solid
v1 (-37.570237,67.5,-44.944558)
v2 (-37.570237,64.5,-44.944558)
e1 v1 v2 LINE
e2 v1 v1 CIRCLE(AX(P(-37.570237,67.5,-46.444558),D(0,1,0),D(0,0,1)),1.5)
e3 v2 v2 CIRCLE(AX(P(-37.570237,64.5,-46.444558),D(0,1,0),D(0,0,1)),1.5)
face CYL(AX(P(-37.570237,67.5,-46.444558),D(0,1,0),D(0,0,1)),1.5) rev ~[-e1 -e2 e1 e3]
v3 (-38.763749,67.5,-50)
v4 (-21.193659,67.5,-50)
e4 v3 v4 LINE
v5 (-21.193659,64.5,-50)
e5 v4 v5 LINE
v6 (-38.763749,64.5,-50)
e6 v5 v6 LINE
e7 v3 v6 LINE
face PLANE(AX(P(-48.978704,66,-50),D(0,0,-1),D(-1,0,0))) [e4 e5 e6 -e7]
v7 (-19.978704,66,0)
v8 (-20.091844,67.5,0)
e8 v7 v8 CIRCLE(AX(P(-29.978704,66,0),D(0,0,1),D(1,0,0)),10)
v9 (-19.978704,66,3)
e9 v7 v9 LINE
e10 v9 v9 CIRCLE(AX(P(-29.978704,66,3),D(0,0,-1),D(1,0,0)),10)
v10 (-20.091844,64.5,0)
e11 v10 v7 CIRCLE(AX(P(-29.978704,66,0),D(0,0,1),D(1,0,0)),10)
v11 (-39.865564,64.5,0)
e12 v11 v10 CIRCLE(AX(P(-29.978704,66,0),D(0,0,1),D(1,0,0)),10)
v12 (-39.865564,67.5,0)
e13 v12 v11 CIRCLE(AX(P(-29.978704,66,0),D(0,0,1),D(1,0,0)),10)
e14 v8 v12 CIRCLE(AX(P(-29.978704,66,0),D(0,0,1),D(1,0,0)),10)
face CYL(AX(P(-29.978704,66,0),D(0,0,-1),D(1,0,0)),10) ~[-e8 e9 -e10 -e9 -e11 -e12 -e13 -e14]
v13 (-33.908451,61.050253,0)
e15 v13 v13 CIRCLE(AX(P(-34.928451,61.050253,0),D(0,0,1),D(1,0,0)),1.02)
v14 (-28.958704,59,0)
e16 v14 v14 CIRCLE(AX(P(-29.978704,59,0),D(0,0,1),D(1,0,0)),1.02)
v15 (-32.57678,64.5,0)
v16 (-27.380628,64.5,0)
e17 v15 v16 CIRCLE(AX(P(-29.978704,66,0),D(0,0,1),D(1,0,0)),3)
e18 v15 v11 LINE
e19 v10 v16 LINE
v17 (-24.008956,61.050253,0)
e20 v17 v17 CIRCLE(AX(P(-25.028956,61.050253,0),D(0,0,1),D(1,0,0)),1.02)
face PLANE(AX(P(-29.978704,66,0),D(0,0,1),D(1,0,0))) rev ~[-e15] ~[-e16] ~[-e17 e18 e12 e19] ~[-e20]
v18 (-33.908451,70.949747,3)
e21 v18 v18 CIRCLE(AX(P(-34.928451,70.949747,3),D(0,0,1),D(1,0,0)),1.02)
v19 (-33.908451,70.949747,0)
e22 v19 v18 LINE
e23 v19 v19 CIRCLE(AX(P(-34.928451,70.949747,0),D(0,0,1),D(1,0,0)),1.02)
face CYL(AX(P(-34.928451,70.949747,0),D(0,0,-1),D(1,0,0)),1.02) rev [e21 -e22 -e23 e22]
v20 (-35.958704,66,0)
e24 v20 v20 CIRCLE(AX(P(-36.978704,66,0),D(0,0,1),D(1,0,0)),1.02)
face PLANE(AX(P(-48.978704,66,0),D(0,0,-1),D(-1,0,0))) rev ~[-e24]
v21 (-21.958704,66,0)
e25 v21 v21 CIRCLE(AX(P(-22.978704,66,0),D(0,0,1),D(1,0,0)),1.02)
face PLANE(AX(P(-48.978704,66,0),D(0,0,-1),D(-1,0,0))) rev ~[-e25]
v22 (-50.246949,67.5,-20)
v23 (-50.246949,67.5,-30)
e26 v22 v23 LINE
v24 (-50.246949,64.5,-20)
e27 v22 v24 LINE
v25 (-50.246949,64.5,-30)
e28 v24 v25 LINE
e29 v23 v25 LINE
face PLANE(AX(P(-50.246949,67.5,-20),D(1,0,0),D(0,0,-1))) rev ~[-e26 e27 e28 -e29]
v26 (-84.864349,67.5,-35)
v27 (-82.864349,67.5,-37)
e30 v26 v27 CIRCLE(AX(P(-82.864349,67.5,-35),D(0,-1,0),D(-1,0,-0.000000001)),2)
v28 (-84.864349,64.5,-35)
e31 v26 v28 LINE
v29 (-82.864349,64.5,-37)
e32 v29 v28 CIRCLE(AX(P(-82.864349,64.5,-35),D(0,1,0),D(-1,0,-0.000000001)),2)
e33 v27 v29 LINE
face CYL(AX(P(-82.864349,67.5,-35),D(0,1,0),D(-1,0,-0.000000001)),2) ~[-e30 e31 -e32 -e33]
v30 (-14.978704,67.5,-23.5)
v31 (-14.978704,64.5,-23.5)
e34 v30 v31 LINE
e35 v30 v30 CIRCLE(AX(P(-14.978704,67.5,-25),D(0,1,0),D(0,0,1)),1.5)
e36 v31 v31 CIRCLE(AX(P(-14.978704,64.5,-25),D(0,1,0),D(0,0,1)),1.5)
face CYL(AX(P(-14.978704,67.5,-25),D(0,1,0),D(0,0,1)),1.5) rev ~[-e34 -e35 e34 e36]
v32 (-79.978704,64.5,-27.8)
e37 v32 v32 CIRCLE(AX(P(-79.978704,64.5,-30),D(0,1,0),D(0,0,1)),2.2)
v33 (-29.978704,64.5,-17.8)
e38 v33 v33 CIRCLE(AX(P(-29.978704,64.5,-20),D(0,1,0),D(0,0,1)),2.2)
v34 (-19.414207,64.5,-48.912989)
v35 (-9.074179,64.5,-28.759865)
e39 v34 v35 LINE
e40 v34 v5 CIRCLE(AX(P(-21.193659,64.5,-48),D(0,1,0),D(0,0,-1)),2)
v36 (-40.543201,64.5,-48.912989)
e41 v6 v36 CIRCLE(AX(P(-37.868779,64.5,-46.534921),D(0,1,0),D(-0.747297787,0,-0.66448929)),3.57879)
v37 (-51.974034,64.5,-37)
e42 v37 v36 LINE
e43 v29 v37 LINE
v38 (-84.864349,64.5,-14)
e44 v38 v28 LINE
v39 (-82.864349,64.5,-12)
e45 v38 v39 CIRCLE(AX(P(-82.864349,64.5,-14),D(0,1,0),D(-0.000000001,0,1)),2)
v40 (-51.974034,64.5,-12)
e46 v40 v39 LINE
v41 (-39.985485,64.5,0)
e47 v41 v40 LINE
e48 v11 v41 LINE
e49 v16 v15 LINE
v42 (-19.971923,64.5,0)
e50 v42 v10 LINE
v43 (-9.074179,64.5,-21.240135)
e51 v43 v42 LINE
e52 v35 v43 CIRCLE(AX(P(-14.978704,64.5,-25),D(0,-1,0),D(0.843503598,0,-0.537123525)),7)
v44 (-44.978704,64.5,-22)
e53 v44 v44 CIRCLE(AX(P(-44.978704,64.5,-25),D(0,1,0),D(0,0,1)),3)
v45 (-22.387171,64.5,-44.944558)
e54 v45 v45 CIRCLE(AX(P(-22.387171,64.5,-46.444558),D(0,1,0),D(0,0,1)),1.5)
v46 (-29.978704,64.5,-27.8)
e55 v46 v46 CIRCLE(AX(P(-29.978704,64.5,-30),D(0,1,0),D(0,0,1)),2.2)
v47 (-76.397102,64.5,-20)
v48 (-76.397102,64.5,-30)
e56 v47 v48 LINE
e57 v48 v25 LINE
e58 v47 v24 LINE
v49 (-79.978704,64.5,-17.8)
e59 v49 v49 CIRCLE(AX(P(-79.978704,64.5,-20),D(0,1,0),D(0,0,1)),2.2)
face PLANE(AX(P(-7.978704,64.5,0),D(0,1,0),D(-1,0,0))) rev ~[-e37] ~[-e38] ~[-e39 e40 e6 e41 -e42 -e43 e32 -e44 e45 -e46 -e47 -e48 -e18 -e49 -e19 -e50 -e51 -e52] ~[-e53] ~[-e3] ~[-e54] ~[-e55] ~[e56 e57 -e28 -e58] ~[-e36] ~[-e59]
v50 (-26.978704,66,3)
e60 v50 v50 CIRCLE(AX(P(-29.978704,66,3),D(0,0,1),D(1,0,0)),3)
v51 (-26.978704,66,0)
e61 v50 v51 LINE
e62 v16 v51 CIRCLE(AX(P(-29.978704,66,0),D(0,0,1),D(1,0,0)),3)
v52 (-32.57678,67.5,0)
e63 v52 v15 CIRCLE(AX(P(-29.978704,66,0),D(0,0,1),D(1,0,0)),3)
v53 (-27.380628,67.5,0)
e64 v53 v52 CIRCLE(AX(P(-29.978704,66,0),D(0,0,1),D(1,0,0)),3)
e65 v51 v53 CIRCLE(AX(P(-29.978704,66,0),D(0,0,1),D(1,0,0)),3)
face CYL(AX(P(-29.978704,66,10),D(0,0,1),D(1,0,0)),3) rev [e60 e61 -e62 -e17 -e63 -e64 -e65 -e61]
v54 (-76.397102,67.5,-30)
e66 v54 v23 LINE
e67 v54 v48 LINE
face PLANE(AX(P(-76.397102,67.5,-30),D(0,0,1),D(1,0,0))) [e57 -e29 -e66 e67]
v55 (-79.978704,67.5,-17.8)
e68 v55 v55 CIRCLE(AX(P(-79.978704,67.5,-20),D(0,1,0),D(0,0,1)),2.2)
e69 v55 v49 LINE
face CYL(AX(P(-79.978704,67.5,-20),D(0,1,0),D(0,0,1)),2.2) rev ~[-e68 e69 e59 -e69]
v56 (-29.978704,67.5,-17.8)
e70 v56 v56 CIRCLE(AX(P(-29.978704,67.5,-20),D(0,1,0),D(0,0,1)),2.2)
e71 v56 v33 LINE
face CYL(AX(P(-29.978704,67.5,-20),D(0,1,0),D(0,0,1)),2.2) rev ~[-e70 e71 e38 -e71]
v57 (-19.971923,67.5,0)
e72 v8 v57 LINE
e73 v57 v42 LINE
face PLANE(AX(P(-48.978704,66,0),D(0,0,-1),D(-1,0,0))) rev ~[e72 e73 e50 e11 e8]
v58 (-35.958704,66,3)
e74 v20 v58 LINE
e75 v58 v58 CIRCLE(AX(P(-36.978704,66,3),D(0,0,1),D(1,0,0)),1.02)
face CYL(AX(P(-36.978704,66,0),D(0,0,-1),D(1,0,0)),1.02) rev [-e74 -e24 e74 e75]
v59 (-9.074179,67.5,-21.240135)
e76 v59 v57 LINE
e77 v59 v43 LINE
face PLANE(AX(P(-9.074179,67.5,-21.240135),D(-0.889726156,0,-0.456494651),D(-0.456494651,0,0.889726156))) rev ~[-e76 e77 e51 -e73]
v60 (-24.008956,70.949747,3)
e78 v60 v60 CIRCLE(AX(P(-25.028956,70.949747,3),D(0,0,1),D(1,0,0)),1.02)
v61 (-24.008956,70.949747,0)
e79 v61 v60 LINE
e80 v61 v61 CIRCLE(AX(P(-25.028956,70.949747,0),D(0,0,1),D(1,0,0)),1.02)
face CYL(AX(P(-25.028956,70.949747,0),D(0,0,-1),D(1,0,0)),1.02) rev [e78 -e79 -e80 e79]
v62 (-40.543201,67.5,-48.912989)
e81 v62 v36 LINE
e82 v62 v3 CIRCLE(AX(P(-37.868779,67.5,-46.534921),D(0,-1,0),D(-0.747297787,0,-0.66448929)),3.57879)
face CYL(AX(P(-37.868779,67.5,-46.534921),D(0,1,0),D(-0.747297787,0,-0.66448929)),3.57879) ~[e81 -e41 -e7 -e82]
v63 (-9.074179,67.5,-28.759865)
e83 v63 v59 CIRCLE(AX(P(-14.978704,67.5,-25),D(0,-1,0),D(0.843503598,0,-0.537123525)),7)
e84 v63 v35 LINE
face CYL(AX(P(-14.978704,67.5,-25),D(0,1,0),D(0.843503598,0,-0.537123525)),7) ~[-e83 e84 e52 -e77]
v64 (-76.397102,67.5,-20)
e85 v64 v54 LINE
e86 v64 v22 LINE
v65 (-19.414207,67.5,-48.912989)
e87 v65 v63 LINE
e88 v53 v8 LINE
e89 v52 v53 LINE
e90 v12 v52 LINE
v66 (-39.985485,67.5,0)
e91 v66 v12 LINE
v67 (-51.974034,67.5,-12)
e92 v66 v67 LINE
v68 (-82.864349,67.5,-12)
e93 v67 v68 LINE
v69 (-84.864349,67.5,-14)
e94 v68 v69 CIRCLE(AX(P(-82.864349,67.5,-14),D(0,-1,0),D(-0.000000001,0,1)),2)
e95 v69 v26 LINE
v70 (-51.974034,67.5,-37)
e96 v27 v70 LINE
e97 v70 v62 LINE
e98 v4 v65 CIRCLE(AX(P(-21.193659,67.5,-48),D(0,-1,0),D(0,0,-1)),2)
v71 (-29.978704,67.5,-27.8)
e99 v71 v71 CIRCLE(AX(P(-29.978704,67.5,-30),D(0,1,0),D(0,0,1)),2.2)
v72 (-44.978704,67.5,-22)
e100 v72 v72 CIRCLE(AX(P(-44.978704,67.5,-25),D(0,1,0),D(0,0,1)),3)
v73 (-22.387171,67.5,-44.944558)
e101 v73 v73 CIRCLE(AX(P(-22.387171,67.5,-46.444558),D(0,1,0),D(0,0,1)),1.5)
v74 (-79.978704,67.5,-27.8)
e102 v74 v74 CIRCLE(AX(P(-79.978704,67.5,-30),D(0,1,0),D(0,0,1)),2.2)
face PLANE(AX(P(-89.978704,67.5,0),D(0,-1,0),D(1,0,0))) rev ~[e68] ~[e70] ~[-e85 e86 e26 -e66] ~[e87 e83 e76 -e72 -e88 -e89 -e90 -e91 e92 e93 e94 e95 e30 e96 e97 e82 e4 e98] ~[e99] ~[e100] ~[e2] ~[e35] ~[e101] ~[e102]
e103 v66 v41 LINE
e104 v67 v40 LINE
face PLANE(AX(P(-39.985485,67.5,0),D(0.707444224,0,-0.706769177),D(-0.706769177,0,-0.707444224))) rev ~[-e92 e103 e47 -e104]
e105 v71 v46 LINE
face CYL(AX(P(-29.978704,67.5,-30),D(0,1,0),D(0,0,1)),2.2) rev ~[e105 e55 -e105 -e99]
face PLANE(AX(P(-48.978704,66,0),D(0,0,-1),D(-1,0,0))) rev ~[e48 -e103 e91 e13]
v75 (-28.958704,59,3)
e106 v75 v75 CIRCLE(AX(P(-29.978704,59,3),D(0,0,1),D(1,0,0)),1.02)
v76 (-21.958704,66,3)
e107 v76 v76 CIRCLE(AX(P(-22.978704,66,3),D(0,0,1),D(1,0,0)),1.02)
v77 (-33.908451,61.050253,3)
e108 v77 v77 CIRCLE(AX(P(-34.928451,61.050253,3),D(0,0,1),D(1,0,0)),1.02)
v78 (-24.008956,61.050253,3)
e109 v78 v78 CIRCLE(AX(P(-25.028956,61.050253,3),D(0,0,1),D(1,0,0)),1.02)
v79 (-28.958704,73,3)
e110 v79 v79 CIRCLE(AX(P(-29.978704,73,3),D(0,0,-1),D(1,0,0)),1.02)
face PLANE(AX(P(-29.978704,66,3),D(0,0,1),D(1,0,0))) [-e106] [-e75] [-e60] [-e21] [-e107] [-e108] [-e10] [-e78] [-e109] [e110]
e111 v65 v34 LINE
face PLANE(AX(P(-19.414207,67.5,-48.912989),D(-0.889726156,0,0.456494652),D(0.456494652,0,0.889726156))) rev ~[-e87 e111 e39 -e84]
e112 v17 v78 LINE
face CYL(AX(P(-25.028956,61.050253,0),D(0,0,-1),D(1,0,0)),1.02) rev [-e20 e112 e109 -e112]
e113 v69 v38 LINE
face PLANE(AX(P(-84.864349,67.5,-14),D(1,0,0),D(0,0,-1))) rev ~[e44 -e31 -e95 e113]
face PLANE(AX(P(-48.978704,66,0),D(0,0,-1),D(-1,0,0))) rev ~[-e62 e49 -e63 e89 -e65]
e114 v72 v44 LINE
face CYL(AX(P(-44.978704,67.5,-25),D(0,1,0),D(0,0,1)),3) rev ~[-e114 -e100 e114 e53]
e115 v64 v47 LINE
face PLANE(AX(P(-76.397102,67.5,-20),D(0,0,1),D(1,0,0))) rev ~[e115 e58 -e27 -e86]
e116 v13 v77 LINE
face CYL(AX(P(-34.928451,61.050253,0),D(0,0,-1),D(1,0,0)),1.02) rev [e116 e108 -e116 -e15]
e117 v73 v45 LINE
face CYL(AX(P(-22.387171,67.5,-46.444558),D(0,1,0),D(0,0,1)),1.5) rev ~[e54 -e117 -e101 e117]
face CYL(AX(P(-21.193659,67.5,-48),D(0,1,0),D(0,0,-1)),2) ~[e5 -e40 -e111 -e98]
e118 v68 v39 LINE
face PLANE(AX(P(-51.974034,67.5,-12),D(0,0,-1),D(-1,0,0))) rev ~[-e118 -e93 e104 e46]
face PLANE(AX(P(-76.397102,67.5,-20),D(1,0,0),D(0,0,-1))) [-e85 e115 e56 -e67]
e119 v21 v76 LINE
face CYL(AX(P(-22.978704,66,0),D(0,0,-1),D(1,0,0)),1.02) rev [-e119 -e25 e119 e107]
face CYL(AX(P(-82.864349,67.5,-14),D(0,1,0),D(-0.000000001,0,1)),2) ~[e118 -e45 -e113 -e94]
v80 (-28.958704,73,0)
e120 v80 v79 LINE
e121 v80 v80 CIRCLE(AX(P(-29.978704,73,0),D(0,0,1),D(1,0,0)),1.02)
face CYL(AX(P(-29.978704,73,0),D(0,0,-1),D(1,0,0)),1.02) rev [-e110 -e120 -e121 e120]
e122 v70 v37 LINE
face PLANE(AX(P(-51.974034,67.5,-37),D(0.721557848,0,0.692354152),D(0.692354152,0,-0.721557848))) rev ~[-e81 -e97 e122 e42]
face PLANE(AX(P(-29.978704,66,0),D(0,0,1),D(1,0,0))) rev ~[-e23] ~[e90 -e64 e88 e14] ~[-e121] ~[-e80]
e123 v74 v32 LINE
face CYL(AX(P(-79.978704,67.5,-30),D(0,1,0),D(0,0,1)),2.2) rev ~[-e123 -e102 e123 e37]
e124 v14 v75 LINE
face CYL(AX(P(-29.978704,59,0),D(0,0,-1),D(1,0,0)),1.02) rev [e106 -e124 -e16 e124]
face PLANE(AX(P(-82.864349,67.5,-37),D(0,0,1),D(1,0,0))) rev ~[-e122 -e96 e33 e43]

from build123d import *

# Parameters (mm, degrees)
SKETCH_1_R               = 10
SKETCH_1_R_2             = 1.02
SKETCH_1_R_3             = 1.5
EXTRUDE_1_DEPTH          = 3
SKETCH_2_R               = 5
EXTRUDE_2_DEPTH          = 1
CUT_EXTRUDE_1_DEPTH      = 10
CUT_EXTRUDE_1_DEPTH_BACK = 0.5
SKETCH_3_R               = 3
SKETCH_4_R               = 1.5
CUT_EXTRUDE_2_DEPTH      = 8.5
CUT_EXTRUDE_START        = -10
SKETCH_5_R               = 3
CUT_EXTRUDE_3_DEPTH      = 10
EXTRUDE_3_DEPTH          = 50
SKETCH_7_W               = 26.150152834
SKETCH_7_H               = 10
SKETCH_7_R               = 1.5
SKETCH_7_R_2             = 3
SKETCH_7_R_3             = 2.2
CUT_EXTRUDE_8_DEPTH      = 50
SKETCH_9_W               = 3.765706055
SKETCH_9_H               = 11.940159279
CUT_EXTRUDE_9_DEPTH      = 50


with BuildPart() as part:
    # ｽｹｯﾁ1 → ﾎﾞｽ - 押し出し1 (new body)
    with BuildSketch(Plane.XY):
        with Locations((-29.978703949, 66)):
            Circle(SKETCH_1_R)
        with Locations((-25.028956481, 61.050252532)):
            Circle(SKETCH_1_R_2, mode=Mode.SUBTRACT)
        with Locations((-29.978703949, 59)):
            Circle(SKETCH_1_R_2, mode=Mode.SUBTRACT)
        with Locations((-34.928451418, 61.050252532)):
            Circle(SKETCH_1_R_2, mode=Mode.SUBTRACT)
        with Locations((-36.978703949, 66)):
            Circle(SKETCH_1_R_2, mode=Mode.SUBTRACT)
        with Locations((-34.928451418, 70.949747468)):
            Circle(SKETCH_1_R_2, mode=Mode.SUBTRACT)
        with Locations((-29.978703949, 73)):
            Circle(SKETCH_1_R_2, mode=Mode.SUBTRACT)
        with Locations((-25.028956481, 70.949747468)):
            Circle(SKETCH_1_R_2, mode=Mode.SUBTRACT)
        with Locations((-22.978703949, 66)):
            Circle(SKETCH_1_R_2, mode=Mode.SUBTRACT)
        with Locations((-29.978703949, 66)):
            Circle(SKETCH_1_R_3, mode=Mode.SUBTRACT)
    extrude(amount=EXTRUDE_1_DEPTH)

    # ｽｹｯﾁ2 → ﾎﾞｽ - 押し出し2 (add)
    with BuildSketch(Plane.XY.offset(3)):
        with Locations((-29.978703949, 66)):
            Circle(SKETCH_2_R)
    extrude(amount=EXTRUDE_2_DEPTH)

    # ｽｹｯﾁ3 → ｶｯﾄ - 押し出し1 (cut, two sides: drawn at the far end of the back side and taken through both)
    with BuildSketch(Plane(origin=(0, 0, 3), x_dir=(-1, 0, 0), z_dir=(0, 0, -1)).offset(-CUT_EXTRUDE_1_DEPTH_BACK)):
        with Locations(Location((29.978703949, 66, 0), (0, 0, 180))):
            Circle(SKETCH_3_R)
    extrude(amount=CUT_EXTRUDE_1_DEPTH + CUT_EXTRUDE_1_DEPTH_BACK, mode=Mode.SUBTRACT)

    # ｽｹｯﾁ4 → ｶｯﾄ - 押し出し2 (cut)
    with BuildSketch(Plane(origin=(0, 0, 3.5), x_dir=(-1, 0, 0), z_dir=(0, 0, -1))):
        with Locations((29.978703949, 66)):
            Circle(SKETCH_4_R)
    extrude(amount=-CUT_EXTRUDE_2_DEPTH, mode=Mode.SUBTRACT)

    # ｽｹｯﾁ5 → ｶｯﾄ - 押し出し3 (cut)
    with BuildSketch(Plane(origin=(0, 0, 0), x_dir=(-1, 0, 0), z_dir=(0, 0, -1)).offset(CUT_EXTRUDE_START)):
        with Locations(Location((29.978703949, 66, 0), (0, 0, 180))):
            Circle(SKETCH_5_R)
    extrude(amount=CUT_EXTRUDE_3_DEPTH, mode=Mode.SUBTRACT)

    # ｽｹｯﾁ6 → ﾎﾞｽ - 押し出し3 (add)
    with BuildSketch(Plane(origin=(0, 0, 0), x_dir=(-1, 0, 0), z_dir=(0, 0, -1))):
        Polygon((29.978703949, 64.5), (89.978703949, 64.5), (89.978703949, 67.5), (29.978703949, 67.5), (7.978703949, 67.5), (7.978703949, 64.5), align=None)
    extrude(amount=EXTRUDE_3_DEPTH)

    # ｽｹｯﾁ7 → ｶｯﾄ - 押し出し8 (cut)
    with BuildSketch(Plane(origin=(0, 67.5, 0), x_dir=(1, 0, 0), z_dir=(0, 1, 0))):
        with BuildLine():
            Line((-100.145182103, -3.51175574), (-39.985484803, 0))
            Line((-39.985484803, 0), (-51.974034344, 12))
            Line((-51.974034344, 12), (-82.864348742, 12))
            ThreePointArc((-82.864348742, 12), (-84.278562304, 12.585786438), (-84.864348742, 14))
            Line((-84.864348742, 14), (-84.864348742, 35))
            ThreePointArc((-84.864348742, 35), (-84.278562304, 36.414213562), (-82.864348742, 37))
            Line((-82.864348742, 37), (-51.974034344, 37))
            Line((-51.974034344, 37), (-40.543200867, 48.912989303))
            ThreePointArc((-40.543200867, 48.912989303), (-39.734398684, 49.588968373), (-38.763748554, 50))
            Line((-38.763748554, 50), (-38.44069987, 54.873631325))
            Line((-38.44069987, 54.873631325), (-103.044452856, 56.708369205))
            Line((-103.044452856, 56.708369205), (-100.145182103, -3.51175574))
        make_face()
        with BuildLine():
            Line((-19.971923095, 56.200079543), (-21.193659345, 50))
            ThreePointArc((-21.193659345, 50), (-20.151061293, 49.706748166), (-19.414207032, 48.912989303))
            Line((-19.414207032, 48.912989303), (-9.074178765, 28.759864671))
            ThreePointArc((-9.074178765, 28.759864671), (-7.978703949, 25), (-9.074178765, 21.240135329))
            Line((-9.074178765, 21.240135329), (-19.971923095, 0))
            Line((-19.971923095, 0), (8.860799546, -5.1085516))
            Line((8.860799546, -5.1085516), (11.142393262, 56.200079543))
            Line((11.142393262, 56.200079543), (-19.971923095, 56.200079543))
        make_face()
        with Locations((-63.322025342, 25)):
            Rectangle(SKETCH_7_W, SKETCH_7_H)
        with Locations(Location((-14.978703949, 25, 0), (0, 0, 270))):
            Circle(SKETCH_7_R)
        with Locations(Location((-22.387170595, 46.444557629, 0), (0, 0, 270))):
            Circle(SKETCH_7_R)
        with Locations(Location((-37.570237303, 46.444557629, 0), (0, 0, 270))):
            Circle(SKETCH_7_R)
        with Locations(Location((-44.978703949, 25, 0), (0, 0, 270))):
            Circle(SKETCH_7_R_2)
        with Locations(Location((-79.978703949, 30, 0), (0, 0, 270))):
            Circle(SKETCH_7_R_3)
        with Locations(Location((-79.978703949, 20, 0), (0, 0, 270))):
            Circle(SKETCH_7_R_3)
        with Locations(Location((-29.978703949, 30, 0), (0, 0, 270))):
            Circle(SKETCH_7_R_3)
        with Locations(Location((-29.978703949, 20, 0), (0, 0, 270))):
            Circle(SKETCH_7_R_3)
    extrude(amount=-CUT_EXTRUDE_8_DEPTH, mode=Mode.SUBTRACT)

    # ｽｹｯﾁ9 → ｶｯﾄ - 押し出し9 (cut)
    with BuildSketch(Plane(origin=(0, 0, 0), x_dir=(0, 0, -1), z_dir=(1, 0, 0))):
        with Locations((-4.882853028, 66.970079639)):
            Rectangle(SKETCH_9_W, SKETCH_9_H)
    extrude(amount=-CUT_EXTRUDE_9_DEPTH, mode=Mode.SUBTRACT)


solid = part.part
